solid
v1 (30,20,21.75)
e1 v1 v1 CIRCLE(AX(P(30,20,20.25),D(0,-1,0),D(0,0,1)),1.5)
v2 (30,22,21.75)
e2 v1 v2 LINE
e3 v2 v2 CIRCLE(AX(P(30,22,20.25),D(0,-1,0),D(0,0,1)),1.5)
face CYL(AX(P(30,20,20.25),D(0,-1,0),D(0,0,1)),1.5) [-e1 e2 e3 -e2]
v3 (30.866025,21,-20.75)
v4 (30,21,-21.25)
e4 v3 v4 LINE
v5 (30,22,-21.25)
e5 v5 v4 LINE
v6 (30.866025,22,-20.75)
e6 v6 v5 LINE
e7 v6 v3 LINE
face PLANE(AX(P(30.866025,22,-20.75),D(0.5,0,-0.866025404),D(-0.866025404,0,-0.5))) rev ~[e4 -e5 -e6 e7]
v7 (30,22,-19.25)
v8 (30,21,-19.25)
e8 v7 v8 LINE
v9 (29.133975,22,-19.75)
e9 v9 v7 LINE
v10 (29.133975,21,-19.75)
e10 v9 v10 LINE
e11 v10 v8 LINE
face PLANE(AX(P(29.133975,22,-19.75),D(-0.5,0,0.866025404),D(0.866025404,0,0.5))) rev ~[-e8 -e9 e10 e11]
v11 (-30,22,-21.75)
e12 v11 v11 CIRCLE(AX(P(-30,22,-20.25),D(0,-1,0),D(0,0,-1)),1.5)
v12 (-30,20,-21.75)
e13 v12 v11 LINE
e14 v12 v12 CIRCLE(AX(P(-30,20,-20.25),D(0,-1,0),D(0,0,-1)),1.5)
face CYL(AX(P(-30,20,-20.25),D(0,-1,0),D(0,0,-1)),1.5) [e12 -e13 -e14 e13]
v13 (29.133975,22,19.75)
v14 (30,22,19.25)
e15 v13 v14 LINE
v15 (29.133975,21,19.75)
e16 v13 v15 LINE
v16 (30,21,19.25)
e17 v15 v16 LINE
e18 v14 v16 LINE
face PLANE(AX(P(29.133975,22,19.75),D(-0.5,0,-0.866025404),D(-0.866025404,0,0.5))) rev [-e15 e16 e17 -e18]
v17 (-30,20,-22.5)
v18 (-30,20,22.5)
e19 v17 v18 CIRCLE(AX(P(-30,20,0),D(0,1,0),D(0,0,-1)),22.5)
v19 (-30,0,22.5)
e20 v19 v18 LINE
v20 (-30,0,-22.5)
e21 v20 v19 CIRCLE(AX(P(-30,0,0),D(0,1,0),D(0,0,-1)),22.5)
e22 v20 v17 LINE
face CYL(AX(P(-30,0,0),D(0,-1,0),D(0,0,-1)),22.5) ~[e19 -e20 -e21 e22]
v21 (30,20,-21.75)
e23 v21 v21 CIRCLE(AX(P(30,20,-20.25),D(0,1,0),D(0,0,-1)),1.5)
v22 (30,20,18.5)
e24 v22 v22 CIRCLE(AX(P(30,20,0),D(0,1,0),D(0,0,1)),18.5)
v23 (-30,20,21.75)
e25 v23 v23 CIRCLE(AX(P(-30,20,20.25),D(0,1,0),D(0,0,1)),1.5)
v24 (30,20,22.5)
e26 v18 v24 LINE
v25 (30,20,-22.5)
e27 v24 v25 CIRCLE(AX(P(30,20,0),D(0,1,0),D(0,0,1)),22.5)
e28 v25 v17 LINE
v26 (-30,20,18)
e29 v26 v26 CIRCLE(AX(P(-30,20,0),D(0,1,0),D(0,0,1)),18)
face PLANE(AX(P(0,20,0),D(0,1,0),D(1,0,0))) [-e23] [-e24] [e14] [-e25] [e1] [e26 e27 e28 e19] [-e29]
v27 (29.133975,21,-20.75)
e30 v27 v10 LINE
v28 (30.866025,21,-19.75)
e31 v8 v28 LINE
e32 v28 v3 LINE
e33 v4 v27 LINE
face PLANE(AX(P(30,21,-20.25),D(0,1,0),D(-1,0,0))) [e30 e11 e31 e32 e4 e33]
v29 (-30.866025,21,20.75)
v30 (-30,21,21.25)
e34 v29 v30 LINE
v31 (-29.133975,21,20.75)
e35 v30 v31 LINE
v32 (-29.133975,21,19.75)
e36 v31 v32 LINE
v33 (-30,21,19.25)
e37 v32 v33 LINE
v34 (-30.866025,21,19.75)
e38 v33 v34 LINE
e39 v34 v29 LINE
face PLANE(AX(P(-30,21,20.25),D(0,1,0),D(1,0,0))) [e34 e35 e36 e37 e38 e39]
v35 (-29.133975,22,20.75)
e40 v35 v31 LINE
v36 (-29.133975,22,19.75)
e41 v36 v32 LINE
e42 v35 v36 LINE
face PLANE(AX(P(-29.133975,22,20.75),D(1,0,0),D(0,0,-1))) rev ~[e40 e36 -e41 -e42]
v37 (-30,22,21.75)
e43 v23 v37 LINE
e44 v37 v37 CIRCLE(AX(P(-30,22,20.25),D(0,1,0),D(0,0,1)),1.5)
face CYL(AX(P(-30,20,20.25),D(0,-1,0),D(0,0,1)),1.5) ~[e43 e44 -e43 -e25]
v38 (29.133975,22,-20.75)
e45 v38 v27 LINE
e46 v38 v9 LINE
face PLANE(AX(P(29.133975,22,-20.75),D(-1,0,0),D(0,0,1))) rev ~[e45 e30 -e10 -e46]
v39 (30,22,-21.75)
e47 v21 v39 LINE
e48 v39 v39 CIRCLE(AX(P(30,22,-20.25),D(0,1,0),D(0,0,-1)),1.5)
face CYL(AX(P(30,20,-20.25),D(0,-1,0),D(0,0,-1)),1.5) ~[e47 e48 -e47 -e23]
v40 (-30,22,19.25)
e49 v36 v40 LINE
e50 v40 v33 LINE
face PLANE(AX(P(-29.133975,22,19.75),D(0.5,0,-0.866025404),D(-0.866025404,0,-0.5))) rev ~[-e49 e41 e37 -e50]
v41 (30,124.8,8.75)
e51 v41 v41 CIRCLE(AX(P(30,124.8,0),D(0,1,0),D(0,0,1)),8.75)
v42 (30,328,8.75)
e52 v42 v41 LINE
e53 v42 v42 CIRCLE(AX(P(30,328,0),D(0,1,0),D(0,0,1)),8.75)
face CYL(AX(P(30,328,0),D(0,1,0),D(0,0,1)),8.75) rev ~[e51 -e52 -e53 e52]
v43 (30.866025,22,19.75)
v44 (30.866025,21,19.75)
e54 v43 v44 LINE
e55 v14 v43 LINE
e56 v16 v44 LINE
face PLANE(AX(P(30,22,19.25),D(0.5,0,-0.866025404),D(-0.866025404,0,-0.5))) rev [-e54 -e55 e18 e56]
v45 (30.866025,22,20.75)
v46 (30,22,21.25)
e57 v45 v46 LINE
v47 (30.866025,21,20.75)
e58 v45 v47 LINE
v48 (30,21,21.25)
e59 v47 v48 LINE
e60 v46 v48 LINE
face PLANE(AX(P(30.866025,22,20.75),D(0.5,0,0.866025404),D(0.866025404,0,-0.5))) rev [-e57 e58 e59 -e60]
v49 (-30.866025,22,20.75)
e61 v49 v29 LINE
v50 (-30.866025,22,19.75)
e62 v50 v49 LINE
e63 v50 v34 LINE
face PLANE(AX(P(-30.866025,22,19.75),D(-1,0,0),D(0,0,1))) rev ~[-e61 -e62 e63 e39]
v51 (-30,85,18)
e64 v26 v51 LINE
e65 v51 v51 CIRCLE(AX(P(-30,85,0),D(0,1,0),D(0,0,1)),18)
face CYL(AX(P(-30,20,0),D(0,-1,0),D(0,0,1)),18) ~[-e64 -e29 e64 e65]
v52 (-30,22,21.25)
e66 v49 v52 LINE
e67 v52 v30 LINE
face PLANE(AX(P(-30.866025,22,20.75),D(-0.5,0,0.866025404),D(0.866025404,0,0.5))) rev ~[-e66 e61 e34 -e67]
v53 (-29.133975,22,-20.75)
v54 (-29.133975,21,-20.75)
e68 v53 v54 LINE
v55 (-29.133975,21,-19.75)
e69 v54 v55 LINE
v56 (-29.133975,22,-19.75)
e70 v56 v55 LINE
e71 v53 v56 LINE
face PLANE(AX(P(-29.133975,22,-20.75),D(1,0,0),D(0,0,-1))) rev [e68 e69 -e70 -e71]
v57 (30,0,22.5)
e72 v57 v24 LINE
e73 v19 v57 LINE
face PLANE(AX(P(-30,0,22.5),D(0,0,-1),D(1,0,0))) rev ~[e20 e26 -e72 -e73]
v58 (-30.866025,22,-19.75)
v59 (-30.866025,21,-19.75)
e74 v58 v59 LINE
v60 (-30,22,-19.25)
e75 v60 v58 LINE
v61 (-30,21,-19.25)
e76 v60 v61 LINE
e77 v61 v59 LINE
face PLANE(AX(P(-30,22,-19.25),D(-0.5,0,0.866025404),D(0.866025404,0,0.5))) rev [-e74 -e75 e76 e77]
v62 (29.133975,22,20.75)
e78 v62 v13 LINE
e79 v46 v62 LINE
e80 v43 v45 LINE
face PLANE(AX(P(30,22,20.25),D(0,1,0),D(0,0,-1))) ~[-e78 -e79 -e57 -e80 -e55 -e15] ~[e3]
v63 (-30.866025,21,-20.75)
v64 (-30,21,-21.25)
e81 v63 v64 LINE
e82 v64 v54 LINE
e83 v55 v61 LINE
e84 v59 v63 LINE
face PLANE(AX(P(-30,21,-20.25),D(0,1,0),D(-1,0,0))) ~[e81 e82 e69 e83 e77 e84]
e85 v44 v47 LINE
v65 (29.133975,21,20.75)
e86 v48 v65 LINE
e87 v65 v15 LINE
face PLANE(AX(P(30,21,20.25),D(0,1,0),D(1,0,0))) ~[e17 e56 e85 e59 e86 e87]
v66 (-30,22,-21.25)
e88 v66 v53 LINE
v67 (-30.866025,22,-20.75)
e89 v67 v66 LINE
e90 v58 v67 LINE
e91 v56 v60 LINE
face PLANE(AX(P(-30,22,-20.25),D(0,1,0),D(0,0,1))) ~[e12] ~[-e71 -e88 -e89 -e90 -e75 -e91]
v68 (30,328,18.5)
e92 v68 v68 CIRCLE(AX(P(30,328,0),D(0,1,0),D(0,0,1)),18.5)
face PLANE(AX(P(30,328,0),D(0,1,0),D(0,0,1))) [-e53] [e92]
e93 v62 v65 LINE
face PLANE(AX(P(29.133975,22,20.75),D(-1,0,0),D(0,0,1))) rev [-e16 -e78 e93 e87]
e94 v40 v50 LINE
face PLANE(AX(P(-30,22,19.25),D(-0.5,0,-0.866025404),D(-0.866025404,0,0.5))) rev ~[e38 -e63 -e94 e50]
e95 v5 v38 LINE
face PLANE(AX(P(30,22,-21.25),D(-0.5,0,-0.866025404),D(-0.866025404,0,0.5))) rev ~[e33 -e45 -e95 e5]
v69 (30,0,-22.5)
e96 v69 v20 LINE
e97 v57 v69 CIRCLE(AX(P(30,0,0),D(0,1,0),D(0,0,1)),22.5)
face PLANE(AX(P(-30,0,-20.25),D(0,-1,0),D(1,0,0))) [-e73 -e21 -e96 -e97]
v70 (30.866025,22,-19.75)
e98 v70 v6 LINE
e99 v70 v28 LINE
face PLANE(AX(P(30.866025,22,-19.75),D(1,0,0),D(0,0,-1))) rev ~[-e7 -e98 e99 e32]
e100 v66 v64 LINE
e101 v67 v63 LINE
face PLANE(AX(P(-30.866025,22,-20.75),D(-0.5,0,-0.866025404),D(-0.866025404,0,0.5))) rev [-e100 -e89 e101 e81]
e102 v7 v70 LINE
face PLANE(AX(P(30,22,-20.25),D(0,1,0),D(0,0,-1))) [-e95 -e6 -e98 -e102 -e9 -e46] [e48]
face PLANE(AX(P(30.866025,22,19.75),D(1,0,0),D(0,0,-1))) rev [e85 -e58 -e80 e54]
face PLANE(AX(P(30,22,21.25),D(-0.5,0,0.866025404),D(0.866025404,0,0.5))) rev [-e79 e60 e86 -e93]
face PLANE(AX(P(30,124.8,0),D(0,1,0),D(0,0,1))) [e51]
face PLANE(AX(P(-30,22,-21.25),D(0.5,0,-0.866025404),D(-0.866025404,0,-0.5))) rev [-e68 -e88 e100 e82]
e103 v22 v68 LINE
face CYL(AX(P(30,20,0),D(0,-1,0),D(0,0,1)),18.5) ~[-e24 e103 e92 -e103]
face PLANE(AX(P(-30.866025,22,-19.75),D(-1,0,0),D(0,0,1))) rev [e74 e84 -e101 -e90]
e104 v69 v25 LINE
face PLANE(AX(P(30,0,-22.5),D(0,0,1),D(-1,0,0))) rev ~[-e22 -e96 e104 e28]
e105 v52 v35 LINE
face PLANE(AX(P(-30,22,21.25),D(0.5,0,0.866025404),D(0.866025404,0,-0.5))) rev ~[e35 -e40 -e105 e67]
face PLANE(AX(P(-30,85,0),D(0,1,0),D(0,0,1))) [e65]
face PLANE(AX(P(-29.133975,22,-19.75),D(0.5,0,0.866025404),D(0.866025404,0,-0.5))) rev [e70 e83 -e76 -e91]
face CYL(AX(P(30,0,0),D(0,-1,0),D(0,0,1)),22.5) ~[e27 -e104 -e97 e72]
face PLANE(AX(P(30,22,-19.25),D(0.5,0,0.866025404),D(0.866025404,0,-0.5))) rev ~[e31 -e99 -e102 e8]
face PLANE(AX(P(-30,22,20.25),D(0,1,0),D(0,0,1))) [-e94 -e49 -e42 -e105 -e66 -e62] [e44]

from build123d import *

# Parameters (mm, degrees)
BOSS_EXTRUDE1_DEPTH     = 20
SKETCH2_R               = 18
BOSS_EXTRUDE2_DEPTH     = 65
SKETCH3_R               = 18.5
BOSS_EXTRUDE3_DEPTH     = 308
SKETCH4_R               = 8.75
CUT_EXTRUDE1_DEPTH      = 203.2
SKETCH8_R               = 1
CUT_EXTRUDE2_DEPTH      = 20
SKETCH9_R               = 1.5
BOSS_EXTRUDE4_DEPTH     = 2
CUT_EXTRUDE3_DEPTH      = 1
SKETCH11_R              = 1
BOSS_EXTRUDE5_DEPTH     = 20
MIRROR2_COPY_1_SKETCH_R = 1
MIRROR2_COPY_1_DEPTH    = 20
MIRROR2_COPY_2_SKETCH_R = 1.5
MIRROR2_COPY_2_DEPTH    = 2
MIRROR2_COPY_3_DEPTH    = 1
MIRROR2_COPY_4_SKETCH_R = 1
MIRROR2_COPY_4_DEPTH    = 20
MIRROR2_COPY_5_SKETCH_R = 1
MIRROR2_COPY_5_DEPTH    = 20
MIRROR2_COPY_6_SKETCH_R = 1
MIRROR2_COPY_6_DEPTH    = 20


with BuildPart() as part:
    # Sketch1 → Boss-Extrude1 (new body)
    with BuildSketch(Plane(origin=(0, 0, 0), x_dir=(1, 0, 0), z_dir=(0, 1, 0))):
        with BuildLine():
            Line((30, 22.5), (-30, 22.5))
            ThreePointArc((-30, 22.5), (-52.5, 0), (-30, -22.5))
            Line((-30, -22.5), (30, -22.5))
            ThreePointArc((30, -22.5), (52.5, 0), (30, 22.5))
        make_face()
    extrude(amount=BOSS_EXTRUDE1_DEPTH)

    # Sketch2 → Boss-Extrude2 (add)
    with BuildSketch(Plane(origin=(0, 20, 0), x_dir=(1, 0, 0), z_dir=(0, 1, 0))):
        with Locations(Location((-30, 0, 0), (0, 0, 270))):
            Circle(SKETCH2_R)
    extrude(amount=BOSS_EXTRUDE2_DEPTH)

    # Sketch3 → Boss-Extrude3 (add)
    with BuildSketch(Plane(origin=(0, 20, 0), x_dir=(1, 0, 0), z_dir=(0, 1, 0))):
        with Locations(Location((30, 0, 0), (0, 0, 270))):
            Circle(SKETCH3_R)
    extrude(amount=BOSS_EXTRUDE3_DEPTH)

    # Sketch4 → Cut-Extrude1 (cut)
    with BuildSketch(Plane(origin=(0, 328, 0), x_dir=(1, 0, 0), z_dir=(0, 1, 0))):
        with Locations(Location((30, 0, 0), (0, 0, 270))):
            Circle(SKETCH4_R)
    extrude(amount=-CUT_EXTRUDE1_DEPTH, mode=Mode.SUBTRACT)

    # Sketch8 → Cut-Extrude2 (cut)
    with BuildSketch(Plane(origin=(0, 20, 0), x_dir=(1, 0, 0), z_dir=(0, 1, 0))):
        with Locations(Location((-30, -20.25, 0), (0, 0, 270))):
            Circle(SKETCH8_R)
    cut_extrude2 = extrude(amount=-CUT_EXTRUDE2_DEPTH, mode=Mode.SUBTRACT)

    # Sketch9 → Boss-Extrude4 (add)
    with BuildSketch(Plane(origin=(0, 20, 0), x_dir=(1, 0, 0), z_dir=(0, 1, 0))):
        with Locations(Location((-30, -20.25, 0), (0, 0, 270))):
            Circle(SKETCH9_R)
    boss_extrude4 = extrude(amount=BOSS_EXTRUDE4_DEPTH)

    # Sketch10 → Cut-Extrude3 (cut)
    with BuildSketch(Plane(origin=(0, 22, 0), x_dir=(1, 0, 0), z_dir=(0, 1, 0))):
        Polygon((-29.133974596, -20.75), (-29.133974596, -19.75), (-30, -19.25), (-30.866025404, -19.75), (-30.866025404, -20.75), (-30, -21.25), align=None)
    cut_extrude3 = extrude(amount=-CUT_EXTRUDE3_DEPTH, mode=Mode.SUBTRACT)

    # Sketch11 → Boss-Extrude5 (add)
    with BuildSketch(Plane.XZ.offset(-20)):
        with Locations((-30, 20.25)):
            Circle(SKETCH11_R)
    boss_extrude5 = extrude(amount=BOSS_EXTRUDE5_DEPTH)

    # Mirror1: Cut-Extrude2, Boss-Extrude4, Cut-Extrude3, Boss-Extrude5 across plane
    add(cut_extrude2.mirror(Plane(origin=(0, 0, 0), x_dir=(0, 0, 1), z_dir=(1, 0, 0))), mode=Mode.SUBTRACT)
    add(boss_extrude4.mirror(Plane(origin=(0, 0, 0), x_dir=(0, 0, 1), z_dir=(1, 0, 0))))
    add(cut_extrude3.mirror(Plane(origin=(0, 0, 0), x_dir=(0, 0, 1), z_dir=(1, 0, 0))), mode=Mode.SUBTRACT)
    add(boss_extrude5.mirror(Plane(origin=(0, 0, 0), x_dir=(0, 0, 1), z_dir=(1, 0, 0))))

    # Mirror2: Boss-Extrude4, Cut-Extrude3 across plane
    add(boss_extrude4.mirror(Plane.XY))
    add(cut_extrude3.mirror(Plane.XY), mode=Mode.SUBTRACT)

    # Mirror2 copy 1 sketch → Mirror2 copy 1 (cut)
    with BuildSketch(Plane(origin=(0, 20, 0), x_dir=(-1, 0, 0), z_dir=(0, 1, 0))):
        with Locations(Location((-30, -20.25, 0), (0, 0, 270))):
            Circle(MIRROR2_COPY_1_SKETCH_R)
    extrude(amount=-MIRROR2_COPY_1_DEPTH, mode=Mode.SUBTRACT)

    # Mirror2 copy 2 sketch → Mirror2 copy 2 (add)
    with BuildSketch(Plane(origin=(0, 20, 0), x_dir=(-1, 0, 0), z_dir=(0, 1, 0))):
        with Locations(Location((-30, -20.25, 0), (0, 0, 270))):
            Circle(MIRROR2_COPY_2_SKETCH_R)
    extrude(amount=MIRROR2_COPY_2_DEPTH)

    # Mirror2 copy 3 sketch → Mirror2 copy 3 (cut)
    with BuildSketch(Plane(origin=(0, 22, 0), x_dir=(-1, 0, 0), z_dir=(0, 1, 0))):
        Polygon((-29.133974596, -20.75), (-29.133974596, -19.75), (-30, -19.25), (-30.866025404, -19.75), (-30.866025404, -20.75), (-30, -21.25), align=None)
    extrude(amount=-MIRROR2_COPY_3_DEPTH, mode=Mode.SUBTRACT)

    # Mirror2 copy 4 sketch → Mirror2 copy 4 (add)
    with BuildSketch(Plane(origin=(0, 20, 0), x_dir=(-1, 0, 0), z_dir=(0, -1, 0))):
        with Locations((-30, 20.25)):
            Circle(MIRROR2_COPY_4_SKETCH_R)
    extrude(amount=MIRROR2_COPY_4_DEPTH)

    # Mirror2 copy 5 sketch → Mirror2 copy 5 (cut)
    with BuildSketch(Plane(origin=(0, 20, 0), x_dir=(1, 0, 0), z_dir=(0, 1, 0))):
        with Locations((-30, 20.25)):
            Circle(MIRROR2_COPY_5_SKETCH_R)
    extrude(amount=-MIRROR2_COPY_5_DEPTH, mode=Mode.SUBTRACT)

    # Mirror2 copy 6 sketch → Mirror2 copy 6 (add)
    with BuildSketch(Plane.XZ.offset(-20)):
        with Locations((-30, -20.25)):
            Circle(MIRROR2_COPY_6_SKETCH_R)
    extrude(amount=MIRROR2_COPY_6_DEPTH)


solid = part.part
